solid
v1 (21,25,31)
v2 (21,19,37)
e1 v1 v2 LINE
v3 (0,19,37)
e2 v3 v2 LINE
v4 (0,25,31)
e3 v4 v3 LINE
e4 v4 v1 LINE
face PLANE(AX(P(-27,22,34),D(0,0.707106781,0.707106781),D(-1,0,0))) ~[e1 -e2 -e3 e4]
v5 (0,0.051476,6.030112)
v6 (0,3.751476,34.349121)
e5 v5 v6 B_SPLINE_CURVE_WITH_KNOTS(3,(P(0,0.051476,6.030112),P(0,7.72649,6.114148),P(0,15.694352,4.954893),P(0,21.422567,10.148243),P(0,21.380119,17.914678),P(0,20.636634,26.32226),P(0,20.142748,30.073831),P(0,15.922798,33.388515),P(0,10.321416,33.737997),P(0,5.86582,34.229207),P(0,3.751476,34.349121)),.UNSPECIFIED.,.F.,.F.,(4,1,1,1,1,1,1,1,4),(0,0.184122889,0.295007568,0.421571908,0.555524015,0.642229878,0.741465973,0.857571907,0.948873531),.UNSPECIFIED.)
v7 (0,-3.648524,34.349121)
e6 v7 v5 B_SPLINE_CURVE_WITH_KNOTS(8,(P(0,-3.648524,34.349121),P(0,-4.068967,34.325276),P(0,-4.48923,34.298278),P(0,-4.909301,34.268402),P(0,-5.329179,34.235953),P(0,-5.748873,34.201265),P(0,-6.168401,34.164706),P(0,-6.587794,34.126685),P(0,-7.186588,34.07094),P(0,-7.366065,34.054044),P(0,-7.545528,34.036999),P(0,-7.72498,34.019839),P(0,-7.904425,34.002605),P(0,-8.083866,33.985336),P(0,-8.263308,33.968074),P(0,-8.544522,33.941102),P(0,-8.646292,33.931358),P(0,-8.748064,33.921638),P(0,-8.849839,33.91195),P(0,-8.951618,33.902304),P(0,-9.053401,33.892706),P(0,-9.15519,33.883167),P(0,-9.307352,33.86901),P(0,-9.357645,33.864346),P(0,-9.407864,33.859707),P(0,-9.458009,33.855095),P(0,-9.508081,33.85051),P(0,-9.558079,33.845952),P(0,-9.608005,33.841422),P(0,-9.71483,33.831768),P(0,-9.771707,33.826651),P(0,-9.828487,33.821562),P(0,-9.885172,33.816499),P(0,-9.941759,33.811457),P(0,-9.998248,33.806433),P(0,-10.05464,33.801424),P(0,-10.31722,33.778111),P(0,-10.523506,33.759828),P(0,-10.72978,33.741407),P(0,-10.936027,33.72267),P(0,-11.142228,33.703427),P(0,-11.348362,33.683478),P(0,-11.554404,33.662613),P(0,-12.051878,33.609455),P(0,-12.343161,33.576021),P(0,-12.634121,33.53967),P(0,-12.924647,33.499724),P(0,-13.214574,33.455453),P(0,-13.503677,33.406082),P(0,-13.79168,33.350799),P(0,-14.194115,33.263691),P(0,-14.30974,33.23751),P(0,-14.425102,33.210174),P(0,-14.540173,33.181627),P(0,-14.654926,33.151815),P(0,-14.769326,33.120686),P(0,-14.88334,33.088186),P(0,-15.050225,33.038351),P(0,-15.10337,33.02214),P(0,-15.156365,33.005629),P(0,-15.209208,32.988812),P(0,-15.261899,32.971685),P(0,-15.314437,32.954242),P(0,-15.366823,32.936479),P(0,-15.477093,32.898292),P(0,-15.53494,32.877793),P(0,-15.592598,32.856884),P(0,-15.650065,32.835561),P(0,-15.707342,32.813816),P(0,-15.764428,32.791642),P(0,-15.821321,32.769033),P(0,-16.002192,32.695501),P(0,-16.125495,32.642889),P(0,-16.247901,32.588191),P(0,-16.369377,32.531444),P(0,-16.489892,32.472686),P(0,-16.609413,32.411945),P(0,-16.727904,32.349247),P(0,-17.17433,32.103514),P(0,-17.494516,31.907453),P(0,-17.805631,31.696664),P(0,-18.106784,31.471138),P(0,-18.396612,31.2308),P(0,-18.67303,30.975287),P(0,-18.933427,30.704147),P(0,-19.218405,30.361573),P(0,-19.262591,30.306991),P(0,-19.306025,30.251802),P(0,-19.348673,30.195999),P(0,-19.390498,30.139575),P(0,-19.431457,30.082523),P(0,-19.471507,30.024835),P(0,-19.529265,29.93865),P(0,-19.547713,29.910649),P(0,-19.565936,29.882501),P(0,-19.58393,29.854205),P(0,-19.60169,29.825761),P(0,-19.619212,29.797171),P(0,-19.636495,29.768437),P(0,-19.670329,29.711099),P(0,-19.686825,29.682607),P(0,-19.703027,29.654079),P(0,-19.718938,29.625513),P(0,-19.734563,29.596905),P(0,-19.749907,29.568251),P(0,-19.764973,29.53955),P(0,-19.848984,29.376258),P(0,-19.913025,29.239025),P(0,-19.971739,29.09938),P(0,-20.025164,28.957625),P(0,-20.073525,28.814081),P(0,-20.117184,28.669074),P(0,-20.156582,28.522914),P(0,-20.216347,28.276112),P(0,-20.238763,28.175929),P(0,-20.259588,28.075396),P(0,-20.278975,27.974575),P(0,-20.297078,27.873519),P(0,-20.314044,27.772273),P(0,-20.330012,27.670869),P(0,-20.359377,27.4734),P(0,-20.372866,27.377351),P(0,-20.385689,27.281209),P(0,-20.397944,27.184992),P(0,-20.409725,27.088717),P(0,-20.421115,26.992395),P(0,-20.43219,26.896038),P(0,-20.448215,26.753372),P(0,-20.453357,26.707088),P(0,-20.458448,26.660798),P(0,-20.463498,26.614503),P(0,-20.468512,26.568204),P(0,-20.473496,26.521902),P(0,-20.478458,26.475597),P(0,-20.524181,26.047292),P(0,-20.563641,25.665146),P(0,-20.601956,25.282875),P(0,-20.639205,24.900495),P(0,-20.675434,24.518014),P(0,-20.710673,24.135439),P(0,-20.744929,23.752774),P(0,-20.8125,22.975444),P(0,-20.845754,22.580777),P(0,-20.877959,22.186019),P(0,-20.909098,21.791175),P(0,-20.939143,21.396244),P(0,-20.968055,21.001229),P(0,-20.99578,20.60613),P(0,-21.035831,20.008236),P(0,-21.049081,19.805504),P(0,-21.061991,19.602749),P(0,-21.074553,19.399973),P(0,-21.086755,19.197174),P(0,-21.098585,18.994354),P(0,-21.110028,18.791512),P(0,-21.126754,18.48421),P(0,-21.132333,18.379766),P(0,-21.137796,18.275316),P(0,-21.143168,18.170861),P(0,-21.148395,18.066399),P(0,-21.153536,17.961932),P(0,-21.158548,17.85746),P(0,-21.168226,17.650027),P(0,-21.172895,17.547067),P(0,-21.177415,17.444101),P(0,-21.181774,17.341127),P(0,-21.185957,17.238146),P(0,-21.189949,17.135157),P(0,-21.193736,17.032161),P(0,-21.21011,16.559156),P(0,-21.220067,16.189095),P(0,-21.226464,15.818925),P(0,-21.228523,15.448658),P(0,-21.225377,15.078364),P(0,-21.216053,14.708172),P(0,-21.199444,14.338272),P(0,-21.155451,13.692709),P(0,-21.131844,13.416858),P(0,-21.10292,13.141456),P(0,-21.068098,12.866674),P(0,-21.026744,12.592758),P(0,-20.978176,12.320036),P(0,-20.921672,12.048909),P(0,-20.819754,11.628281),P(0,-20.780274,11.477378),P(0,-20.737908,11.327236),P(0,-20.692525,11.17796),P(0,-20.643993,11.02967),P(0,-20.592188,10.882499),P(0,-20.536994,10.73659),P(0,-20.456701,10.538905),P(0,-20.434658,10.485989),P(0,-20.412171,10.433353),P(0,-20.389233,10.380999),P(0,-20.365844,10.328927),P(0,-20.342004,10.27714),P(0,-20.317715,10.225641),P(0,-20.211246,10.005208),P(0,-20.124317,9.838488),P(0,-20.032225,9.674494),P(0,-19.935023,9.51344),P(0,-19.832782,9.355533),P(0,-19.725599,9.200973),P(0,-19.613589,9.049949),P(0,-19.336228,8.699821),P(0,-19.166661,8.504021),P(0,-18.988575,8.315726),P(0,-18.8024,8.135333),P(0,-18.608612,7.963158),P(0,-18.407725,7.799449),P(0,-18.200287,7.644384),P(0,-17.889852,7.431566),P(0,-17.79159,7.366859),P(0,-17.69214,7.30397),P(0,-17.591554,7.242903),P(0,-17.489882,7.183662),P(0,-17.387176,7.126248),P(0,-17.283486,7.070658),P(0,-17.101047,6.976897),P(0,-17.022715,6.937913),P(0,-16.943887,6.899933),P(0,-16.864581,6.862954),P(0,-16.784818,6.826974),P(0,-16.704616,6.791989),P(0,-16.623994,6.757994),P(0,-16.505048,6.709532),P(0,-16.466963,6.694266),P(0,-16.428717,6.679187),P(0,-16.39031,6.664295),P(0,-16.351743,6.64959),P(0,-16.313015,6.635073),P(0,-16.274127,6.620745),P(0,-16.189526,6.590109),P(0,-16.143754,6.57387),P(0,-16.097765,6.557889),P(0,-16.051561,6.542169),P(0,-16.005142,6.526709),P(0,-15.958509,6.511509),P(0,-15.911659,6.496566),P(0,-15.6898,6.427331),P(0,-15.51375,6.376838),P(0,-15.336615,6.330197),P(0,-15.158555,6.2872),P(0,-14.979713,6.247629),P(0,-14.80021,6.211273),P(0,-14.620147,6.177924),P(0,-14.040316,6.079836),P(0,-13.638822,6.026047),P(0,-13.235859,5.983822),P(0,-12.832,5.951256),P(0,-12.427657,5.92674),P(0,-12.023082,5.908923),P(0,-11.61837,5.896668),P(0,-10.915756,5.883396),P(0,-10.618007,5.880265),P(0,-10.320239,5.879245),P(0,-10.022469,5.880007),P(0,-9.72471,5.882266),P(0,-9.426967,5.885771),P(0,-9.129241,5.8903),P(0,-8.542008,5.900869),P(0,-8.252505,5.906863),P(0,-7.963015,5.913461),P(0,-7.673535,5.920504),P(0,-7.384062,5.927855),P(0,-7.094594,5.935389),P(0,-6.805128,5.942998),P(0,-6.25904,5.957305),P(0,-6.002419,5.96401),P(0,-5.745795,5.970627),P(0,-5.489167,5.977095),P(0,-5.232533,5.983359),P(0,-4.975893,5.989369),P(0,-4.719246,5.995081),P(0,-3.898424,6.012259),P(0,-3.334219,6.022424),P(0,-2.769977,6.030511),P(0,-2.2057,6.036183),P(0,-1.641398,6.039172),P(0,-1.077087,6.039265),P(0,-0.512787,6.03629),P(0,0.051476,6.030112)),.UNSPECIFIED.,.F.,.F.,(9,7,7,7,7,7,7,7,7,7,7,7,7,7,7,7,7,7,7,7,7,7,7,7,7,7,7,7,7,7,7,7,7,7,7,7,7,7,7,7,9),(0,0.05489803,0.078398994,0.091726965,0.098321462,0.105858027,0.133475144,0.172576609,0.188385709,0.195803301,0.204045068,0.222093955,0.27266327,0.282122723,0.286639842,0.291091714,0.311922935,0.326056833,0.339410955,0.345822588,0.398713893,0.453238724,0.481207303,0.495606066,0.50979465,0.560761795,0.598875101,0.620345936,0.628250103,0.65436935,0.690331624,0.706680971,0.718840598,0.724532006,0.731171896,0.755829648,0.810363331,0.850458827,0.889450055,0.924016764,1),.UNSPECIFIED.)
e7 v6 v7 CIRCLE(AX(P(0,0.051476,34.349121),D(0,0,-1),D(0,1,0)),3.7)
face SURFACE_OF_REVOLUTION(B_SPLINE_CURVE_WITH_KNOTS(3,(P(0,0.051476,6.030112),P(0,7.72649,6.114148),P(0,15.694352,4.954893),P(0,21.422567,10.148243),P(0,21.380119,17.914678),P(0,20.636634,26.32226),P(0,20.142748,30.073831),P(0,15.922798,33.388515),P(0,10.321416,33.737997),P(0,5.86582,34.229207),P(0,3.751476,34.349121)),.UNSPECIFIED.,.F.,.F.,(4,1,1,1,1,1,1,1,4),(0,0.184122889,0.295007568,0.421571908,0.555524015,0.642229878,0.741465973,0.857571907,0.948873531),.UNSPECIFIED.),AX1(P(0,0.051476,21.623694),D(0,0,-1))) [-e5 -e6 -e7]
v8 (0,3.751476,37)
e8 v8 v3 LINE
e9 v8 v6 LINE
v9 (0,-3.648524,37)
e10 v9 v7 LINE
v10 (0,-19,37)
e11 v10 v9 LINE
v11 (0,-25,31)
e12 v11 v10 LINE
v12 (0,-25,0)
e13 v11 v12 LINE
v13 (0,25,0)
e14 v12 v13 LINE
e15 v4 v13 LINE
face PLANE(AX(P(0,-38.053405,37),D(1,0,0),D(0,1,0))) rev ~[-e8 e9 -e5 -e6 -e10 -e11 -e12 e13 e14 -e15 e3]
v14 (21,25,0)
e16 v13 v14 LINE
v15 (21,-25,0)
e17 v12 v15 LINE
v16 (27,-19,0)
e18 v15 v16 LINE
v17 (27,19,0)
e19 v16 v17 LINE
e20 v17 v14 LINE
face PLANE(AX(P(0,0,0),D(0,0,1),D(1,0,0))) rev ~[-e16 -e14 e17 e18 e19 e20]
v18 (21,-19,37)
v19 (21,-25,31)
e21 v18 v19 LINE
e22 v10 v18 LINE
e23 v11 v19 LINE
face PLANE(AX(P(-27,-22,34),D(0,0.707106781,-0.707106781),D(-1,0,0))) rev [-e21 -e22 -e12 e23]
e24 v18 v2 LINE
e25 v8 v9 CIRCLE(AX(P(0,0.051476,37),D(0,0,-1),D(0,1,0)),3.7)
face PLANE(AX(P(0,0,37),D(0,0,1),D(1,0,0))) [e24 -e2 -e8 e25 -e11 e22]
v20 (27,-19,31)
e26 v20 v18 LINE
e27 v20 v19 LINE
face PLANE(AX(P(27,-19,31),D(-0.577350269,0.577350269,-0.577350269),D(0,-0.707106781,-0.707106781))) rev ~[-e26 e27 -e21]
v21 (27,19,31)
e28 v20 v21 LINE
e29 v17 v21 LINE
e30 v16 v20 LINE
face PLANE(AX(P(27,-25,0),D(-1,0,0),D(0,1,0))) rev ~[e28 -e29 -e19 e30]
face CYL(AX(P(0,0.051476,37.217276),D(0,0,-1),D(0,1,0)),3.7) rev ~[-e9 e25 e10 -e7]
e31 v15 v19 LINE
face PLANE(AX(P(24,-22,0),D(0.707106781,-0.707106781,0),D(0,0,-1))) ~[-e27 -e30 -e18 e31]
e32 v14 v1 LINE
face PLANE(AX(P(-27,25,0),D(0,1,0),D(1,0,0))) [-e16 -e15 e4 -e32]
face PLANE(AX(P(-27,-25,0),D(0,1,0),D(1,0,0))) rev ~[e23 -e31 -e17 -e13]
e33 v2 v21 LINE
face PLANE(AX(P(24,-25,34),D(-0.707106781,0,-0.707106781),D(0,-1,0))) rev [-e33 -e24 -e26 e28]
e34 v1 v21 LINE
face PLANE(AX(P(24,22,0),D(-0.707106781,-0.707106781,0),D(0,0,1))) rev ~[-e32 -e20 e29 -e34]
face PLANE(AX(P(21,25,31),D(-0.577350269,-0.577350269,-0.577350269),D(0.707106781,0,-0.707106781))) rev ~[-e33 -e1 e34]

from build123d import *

# Parameters (mm, degrees)
F0_W     = 54
F0_H     = 50
F1_DEPTH = 37
F2_SIZE  = 6
F3_W     = 33.1910252571
F3_H     = 75.3957368433
F4_DEPTH = 50


with BuildPart() as f1:
    # F0 (on Top) → F1 (new body)
    with BuildSketch(Plane.XY):
        Rectangle(F0_W, F0_H)
    extrude(amount=F1_DEPTH)

    # F2
    f2_edges = [f1.edges().sort_by_distance(p)[0] for p in [
        (0, -25, 37),
        (27, 0, 37),
        (0, 25, 37),
        (-27, 0, 37),
        (27, -25, 18.5),
        (27, 25, 18.5),
        (-27, -25, 18.5),
        (-27, 25, 18.5),
    ]]
    chamfer(f2_edges, length=F2_SIZE)

    # F3 (on face) → F4 (cut)
    with BuildSketch(Plane.XY.offset(37)):
        with Locations((-16.5955126286, -0.3555361181)):
            Rectangle(F3_W, F3_H)
    extrude(amount=-F4_DEPTH, mode=Mode.SUBTRACT)

    # F5 (on face) → F6 (revolve, cut)
    with BuildSketch(Plane(origin=(0, 0, 0), x_dir=(0, -1, 0), z_dir=(-1, 0, 0))):
        with BuildLine():
            add(Edge.make_bspline(
                [(-0.0514760613, 6.0301115736), (-7.7264895663, 6.1141476035), (-15.6943520391, 4.9548925102), (-21.4225666765, 10.1482430019), (-21.3801191593, 17.9146779993), (-20.6366335968, 26.3222597751), (-20.1427475307, 30.0738309559), (-15.9227977542, 33.3885149829), (-10.3214163539, 33.7379969108), (-5.8658203301, 34.2292072611), (-3.7514760613, 34.3491211657)],
                knots=[0, 0, 0, 0, 0.1841228893, 0.2950075682, 0.4215719078, 0.5555240151, 0.642229878, 0.7414659734, 0.8575719069, 0.9488735314, 0.9488735314, 0.9488735314, 0.9488735314], degree=3))
            Line((-0.0514760613, 6.0301115736), (-0.0514760613, 34.4343753532))
            add(Edge.make_bspline(
                [(-3.7514760613, 34.3491211657), (-2.5674998016, 34.4162697462), (-1.3355556837, 34.4532156266), (-0.0514760613, 34.4343753532)],
                knots=[0.9488735314, 0.9488735314, 0.9488735314, 0.9488735314, 1, 1, 1, 1], degree=3))
        make_face()
        with BuildLine():
            Line((-3.7514760613, 37.2172761336), (-3.7514760613, 34.3491211657))
            add(Edge.make_bspline(
                [(-3.7514760613, 34.3491211657), (-2.5674998016, 34.4162697462), (-1.3355556837, 34.4532156266), (-0.0514760613, 34.4343753532)],
                knots=[0.9488735314, 0.9488735314, 0.9488735314, 0.9488735314, 1, 1, 1, 1], degree=3))
            Line((-0.0514760613, 34.4343753532), (-0.0514760613, 37.2172761336))
            Line((-0.0514760613, 37.2172761336), (-3.7514760613, 37.2172761336))
        make_face()
    revolve(axis=Axis((0, 0.0514760613, 21.6236938536), (0, 0, -1)), mode=Mode.SUBTRACT)


solid = f1.part
